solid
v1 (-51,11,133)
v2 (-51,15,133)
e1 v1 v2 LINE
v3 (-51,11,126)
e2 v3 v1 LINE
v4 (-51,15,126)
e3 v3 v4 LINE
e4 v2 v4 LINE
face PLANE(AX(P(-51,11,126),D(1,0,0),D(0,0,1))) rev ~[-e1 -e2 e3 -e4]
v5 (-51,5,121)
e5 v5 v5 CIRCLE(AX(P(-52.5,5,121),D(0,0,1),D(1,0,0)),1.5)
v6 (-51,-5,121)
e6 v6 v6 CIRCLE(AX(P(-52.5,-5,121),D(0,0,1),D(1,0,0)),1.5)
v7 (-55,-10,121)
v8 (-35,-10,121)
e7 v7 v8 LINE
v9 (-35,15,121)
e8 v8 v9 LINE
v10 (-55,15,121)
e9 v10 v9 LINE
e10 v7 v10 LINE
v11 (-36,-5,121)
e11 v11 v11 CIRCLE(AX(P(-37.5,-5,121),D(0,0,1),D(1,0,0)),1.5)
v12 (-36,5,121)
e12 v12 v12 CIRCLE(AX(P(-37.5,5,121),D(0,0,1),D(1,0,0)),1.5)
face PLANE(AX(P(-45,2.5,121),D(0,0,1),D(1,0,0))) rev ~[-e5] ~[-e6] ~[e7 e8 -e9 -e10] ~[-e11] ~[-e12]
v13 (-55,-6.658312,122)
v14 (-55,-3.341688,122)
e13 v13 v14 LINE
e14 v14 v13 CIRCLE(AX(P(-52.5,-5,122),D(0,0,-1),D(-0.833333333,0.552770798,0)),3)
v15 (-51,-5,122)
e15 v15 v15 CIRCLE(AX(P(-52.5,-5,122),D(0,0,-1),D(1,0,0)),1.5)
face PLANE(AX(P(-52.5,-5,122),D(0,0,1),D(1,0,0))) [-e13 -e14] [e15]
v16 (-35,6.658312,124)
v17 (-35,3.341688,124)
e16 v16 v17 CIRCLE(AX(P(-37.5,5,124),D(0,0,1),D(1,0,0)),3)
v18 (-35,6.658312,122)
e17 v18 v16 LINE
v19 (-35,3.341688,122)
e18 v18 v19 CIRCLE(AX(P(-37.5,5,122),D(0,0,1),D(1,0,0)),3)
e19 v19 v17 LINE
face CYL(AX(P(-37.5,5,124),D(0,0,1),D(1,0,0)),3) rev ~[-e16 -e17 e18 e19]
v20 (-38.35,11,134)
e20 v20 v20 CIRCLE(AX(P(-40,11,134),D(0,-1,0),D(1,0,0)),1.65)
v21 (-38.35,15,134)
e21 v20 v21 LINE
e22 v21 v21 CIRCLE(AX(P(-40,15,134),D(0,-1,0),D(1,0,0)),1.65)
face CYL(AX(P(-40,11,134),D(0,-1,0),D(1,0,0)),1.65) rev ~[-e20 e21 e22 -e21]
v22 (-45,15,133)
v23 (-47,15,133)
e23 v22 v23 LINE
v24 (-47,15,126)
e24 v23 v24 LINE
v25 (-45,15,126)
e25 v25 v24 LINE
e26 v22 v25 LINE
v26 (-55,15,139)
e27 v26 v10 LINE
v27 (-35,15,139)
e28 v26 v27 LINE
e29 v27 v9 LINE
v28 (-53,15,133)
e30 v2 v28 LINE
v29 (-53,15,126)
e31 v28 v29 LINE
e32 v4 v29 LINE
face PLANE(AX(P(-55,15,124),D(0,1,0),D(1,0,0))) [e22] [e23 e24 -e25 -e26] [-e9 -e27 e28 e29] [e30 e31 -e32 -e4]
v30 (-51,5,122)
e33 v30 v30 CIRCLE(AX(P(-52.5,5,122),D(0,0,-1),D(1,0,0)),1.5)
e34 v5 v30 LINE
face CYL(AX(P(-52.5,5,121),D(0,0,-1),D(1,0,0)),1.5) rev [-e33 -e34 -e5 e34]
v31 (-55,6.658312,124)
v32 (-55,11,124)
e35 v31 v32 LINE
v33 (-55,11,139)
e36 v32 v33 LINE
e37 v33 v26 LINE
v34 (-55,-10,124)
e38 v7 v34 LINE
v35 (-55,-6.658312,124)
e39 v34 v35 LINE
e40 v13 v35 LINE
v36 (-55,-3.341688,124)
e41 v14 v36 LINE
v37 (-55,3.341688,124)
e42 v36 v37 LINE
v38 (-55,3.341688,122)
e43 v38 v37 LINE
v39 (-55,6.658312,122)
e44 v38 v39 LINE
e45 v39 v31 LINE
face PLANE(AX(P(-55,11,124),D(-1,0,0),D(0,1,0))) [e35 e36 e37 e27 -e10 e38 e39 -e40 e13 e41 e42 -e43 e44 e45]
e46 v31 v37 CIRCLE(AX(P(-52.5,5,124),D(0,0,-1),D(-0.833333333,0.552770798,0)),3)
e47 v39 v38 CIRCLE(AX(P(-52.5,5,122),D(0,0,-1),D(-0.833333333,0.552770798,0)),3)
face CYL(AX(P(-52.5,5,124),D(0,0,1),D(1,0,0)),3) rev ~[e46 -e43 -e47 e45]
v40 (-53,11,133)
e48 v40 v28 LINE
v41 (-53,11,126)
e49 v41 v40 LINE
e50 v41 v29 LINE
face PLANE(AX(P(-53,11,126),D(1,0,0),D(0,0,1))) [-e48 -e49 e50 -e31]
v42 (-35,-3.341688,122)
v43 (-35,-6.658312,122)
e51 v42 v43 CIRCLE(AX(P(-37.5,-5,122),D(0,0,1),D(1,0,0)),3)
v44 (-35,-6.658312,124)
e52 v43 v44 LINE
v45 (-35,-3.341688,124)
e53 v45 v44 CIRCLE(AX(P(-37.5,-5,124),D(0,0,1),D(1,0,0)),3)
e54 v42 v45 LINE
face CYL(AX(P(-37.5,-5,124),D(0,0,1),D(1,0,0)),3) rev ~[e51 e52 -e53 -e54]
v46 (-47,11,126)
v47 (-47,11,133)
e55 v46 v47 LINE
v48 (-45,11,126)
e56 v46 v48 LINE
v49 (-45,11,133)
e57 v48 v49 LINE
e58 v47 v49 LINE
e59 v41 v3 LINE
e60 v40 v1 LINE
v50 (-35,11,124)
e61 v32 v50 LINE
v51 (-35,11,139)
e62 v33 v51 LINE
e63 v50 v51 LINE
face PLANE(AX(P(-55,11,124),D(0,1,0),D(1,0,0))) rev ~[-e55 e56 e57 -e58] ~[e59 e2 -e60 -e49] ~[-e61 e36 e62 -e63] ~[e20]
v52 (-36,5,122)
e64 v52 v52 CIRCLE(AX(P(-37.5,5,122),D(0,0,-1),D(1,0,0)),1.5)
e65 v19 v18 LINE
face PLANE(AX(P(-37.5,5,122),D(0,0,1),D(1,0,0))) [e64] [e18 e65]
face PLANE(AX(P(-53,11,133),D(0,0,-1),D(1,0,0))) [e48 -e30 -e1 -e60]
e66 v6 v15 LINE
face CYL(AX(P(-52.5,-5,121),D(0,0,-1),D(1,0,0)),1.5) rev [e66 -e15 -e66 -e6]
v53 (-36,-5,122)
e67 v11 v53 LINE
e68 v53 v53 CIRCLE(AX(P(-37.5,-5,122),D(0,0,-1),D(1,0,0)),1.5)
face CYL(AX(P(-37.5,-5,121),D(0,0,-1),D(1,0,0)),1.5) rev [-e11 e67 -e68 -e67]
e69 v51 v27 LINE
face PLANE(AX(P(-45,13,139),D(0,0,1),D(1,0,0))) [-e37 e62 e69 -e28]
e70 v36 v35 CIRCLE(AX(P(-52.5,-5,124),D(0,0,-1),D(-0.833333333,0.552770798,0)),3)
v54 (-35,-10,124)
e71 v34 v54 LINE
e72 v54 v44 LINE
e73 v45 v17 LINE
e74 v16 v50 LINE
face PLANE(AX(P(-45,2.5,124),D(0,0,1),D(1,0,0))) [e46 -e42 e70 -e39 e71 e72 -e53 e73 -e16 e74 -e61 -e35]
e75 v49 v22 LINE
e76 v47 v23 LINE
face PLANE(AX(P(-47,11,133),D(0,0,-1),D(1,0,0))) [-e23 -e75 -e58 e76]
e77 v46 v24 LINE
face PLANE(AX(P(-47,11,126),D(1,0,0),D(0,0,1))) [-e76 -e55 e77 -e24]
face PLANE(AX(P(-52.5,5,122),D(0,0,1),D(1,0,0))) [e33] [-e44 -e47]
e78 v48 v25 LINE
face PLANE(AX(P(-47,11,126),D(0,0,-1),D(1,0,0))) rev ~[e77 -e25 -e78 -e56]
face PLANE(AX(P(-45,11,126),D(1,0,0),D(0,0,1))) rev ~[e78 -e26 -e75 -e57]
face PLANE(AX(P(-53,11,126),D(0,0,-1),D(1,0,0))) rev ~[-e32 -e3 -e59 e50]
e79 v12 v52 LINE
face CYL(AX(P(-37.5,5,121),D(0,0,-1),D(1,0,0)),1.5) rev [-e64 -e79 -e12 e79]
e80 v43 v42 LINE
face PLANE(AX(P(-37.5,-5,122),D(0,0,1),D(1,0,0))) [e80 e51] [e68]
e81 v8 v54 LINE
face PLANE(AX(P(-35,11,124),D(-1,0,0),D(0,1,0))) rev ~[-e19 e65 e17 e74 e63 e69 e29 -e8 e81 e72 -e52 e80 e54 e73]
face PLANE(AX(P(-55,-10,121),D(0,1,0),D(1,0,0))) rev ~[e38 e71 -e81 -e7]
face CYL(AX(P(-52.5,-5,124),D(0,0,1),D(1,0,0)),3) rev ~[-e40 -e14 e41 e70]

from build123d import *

# Parameters (mm, degrees)
SKETCH067_W     = 20
SKETCH067_H     = 25
SKETCH067_R     = 1.5
PAD024_DEPTH    = 3
SKETCH068_R     = 3
POCKET043_DEPTH = 2
SKETCH069_W     = 20
SKETCH069_H     = 4
PAD025_DEPTH    = 15
SKETCH085_R     = 1.65
SKETCH085_W     = 2
SKETCH085_H     = 7
POCKET052_DEPTH = 5


with BuildPart() as part:
    # Sketch067 → Pad024 (new body)
    with BuildSketch(Plane.XY):
        with Locations((-45, 2.5)):
            Rectangle(SKETCH067_W, SKETCH067_H)
        with Locations((-52.5, 5)):
            Circle(SKETCH067_R, mode=Mode.SUBTRACT)
        with Locations((-37.5, 5)):
            Circle(SKETCH067_R, mode=Mode.SUBTRACT)
        with Locations((-37.5, -5)):
            Circle(SKETCH067_R, mode=Mode.SUBTRACT)
        with Locations((-52.5, -5)):
            Circle(SKETCH067_R, mode=Mode.SUBTRACT)
    extrude(amount=PAD024_DEPTH)

    # Sketch068 (on Face10 of Pad024) → Pocket043 (cut)
    with BuildSketch(Plane.XY.offset(3)):
        with Locations((-52.5, 5)):
            Circle(SKETCH068_R)
        with Locations((-37.5, 5)):
            Circle(SKETCH068_R)
        with Locations((-37.5, -5)):
            Circle(SKETCH068_R)
        with Locations((-52.5, -5)):
            Circle(SKETCH068_R)
    extrude(amount=-POCKET043_DEPTH, mode=Mode.SUBTRACT)

    # Sketch069 (on Face5 of Pocket043) → Pad025 (join)
    with BuildSketch(Plane.XY.offset(3)):
        with Locations((-45, 13)):
            Rectangle(SKETCH069_W, SKETCH069_H)
    extrude(amount=PAD025_DEPTH)

    # Sketch085 (on Face25 of Pad025) → Pocket052 (cut)
    with BuildSketch(Plane.XZ.offset(-11)):
        with Locations((-40, 13)):
            Circle(SKETCH085_R)
        with Locations((-52, 8.5)):
            Rectangle(SKETCH085_W, SKETCH085_H)
        with Locations((-46, 8.5)):
            Rectangle(SKETCH085_W, SKETCH085_H)
    extrude(amount=-POCKET052_DEPTH, mode=Mode.SUBTRACT)


with BuildPart() as part_1:
    # Body008 placement: moved
    add(part.part.moved(Location((0, 0, 121))))


solid = part_1.part
